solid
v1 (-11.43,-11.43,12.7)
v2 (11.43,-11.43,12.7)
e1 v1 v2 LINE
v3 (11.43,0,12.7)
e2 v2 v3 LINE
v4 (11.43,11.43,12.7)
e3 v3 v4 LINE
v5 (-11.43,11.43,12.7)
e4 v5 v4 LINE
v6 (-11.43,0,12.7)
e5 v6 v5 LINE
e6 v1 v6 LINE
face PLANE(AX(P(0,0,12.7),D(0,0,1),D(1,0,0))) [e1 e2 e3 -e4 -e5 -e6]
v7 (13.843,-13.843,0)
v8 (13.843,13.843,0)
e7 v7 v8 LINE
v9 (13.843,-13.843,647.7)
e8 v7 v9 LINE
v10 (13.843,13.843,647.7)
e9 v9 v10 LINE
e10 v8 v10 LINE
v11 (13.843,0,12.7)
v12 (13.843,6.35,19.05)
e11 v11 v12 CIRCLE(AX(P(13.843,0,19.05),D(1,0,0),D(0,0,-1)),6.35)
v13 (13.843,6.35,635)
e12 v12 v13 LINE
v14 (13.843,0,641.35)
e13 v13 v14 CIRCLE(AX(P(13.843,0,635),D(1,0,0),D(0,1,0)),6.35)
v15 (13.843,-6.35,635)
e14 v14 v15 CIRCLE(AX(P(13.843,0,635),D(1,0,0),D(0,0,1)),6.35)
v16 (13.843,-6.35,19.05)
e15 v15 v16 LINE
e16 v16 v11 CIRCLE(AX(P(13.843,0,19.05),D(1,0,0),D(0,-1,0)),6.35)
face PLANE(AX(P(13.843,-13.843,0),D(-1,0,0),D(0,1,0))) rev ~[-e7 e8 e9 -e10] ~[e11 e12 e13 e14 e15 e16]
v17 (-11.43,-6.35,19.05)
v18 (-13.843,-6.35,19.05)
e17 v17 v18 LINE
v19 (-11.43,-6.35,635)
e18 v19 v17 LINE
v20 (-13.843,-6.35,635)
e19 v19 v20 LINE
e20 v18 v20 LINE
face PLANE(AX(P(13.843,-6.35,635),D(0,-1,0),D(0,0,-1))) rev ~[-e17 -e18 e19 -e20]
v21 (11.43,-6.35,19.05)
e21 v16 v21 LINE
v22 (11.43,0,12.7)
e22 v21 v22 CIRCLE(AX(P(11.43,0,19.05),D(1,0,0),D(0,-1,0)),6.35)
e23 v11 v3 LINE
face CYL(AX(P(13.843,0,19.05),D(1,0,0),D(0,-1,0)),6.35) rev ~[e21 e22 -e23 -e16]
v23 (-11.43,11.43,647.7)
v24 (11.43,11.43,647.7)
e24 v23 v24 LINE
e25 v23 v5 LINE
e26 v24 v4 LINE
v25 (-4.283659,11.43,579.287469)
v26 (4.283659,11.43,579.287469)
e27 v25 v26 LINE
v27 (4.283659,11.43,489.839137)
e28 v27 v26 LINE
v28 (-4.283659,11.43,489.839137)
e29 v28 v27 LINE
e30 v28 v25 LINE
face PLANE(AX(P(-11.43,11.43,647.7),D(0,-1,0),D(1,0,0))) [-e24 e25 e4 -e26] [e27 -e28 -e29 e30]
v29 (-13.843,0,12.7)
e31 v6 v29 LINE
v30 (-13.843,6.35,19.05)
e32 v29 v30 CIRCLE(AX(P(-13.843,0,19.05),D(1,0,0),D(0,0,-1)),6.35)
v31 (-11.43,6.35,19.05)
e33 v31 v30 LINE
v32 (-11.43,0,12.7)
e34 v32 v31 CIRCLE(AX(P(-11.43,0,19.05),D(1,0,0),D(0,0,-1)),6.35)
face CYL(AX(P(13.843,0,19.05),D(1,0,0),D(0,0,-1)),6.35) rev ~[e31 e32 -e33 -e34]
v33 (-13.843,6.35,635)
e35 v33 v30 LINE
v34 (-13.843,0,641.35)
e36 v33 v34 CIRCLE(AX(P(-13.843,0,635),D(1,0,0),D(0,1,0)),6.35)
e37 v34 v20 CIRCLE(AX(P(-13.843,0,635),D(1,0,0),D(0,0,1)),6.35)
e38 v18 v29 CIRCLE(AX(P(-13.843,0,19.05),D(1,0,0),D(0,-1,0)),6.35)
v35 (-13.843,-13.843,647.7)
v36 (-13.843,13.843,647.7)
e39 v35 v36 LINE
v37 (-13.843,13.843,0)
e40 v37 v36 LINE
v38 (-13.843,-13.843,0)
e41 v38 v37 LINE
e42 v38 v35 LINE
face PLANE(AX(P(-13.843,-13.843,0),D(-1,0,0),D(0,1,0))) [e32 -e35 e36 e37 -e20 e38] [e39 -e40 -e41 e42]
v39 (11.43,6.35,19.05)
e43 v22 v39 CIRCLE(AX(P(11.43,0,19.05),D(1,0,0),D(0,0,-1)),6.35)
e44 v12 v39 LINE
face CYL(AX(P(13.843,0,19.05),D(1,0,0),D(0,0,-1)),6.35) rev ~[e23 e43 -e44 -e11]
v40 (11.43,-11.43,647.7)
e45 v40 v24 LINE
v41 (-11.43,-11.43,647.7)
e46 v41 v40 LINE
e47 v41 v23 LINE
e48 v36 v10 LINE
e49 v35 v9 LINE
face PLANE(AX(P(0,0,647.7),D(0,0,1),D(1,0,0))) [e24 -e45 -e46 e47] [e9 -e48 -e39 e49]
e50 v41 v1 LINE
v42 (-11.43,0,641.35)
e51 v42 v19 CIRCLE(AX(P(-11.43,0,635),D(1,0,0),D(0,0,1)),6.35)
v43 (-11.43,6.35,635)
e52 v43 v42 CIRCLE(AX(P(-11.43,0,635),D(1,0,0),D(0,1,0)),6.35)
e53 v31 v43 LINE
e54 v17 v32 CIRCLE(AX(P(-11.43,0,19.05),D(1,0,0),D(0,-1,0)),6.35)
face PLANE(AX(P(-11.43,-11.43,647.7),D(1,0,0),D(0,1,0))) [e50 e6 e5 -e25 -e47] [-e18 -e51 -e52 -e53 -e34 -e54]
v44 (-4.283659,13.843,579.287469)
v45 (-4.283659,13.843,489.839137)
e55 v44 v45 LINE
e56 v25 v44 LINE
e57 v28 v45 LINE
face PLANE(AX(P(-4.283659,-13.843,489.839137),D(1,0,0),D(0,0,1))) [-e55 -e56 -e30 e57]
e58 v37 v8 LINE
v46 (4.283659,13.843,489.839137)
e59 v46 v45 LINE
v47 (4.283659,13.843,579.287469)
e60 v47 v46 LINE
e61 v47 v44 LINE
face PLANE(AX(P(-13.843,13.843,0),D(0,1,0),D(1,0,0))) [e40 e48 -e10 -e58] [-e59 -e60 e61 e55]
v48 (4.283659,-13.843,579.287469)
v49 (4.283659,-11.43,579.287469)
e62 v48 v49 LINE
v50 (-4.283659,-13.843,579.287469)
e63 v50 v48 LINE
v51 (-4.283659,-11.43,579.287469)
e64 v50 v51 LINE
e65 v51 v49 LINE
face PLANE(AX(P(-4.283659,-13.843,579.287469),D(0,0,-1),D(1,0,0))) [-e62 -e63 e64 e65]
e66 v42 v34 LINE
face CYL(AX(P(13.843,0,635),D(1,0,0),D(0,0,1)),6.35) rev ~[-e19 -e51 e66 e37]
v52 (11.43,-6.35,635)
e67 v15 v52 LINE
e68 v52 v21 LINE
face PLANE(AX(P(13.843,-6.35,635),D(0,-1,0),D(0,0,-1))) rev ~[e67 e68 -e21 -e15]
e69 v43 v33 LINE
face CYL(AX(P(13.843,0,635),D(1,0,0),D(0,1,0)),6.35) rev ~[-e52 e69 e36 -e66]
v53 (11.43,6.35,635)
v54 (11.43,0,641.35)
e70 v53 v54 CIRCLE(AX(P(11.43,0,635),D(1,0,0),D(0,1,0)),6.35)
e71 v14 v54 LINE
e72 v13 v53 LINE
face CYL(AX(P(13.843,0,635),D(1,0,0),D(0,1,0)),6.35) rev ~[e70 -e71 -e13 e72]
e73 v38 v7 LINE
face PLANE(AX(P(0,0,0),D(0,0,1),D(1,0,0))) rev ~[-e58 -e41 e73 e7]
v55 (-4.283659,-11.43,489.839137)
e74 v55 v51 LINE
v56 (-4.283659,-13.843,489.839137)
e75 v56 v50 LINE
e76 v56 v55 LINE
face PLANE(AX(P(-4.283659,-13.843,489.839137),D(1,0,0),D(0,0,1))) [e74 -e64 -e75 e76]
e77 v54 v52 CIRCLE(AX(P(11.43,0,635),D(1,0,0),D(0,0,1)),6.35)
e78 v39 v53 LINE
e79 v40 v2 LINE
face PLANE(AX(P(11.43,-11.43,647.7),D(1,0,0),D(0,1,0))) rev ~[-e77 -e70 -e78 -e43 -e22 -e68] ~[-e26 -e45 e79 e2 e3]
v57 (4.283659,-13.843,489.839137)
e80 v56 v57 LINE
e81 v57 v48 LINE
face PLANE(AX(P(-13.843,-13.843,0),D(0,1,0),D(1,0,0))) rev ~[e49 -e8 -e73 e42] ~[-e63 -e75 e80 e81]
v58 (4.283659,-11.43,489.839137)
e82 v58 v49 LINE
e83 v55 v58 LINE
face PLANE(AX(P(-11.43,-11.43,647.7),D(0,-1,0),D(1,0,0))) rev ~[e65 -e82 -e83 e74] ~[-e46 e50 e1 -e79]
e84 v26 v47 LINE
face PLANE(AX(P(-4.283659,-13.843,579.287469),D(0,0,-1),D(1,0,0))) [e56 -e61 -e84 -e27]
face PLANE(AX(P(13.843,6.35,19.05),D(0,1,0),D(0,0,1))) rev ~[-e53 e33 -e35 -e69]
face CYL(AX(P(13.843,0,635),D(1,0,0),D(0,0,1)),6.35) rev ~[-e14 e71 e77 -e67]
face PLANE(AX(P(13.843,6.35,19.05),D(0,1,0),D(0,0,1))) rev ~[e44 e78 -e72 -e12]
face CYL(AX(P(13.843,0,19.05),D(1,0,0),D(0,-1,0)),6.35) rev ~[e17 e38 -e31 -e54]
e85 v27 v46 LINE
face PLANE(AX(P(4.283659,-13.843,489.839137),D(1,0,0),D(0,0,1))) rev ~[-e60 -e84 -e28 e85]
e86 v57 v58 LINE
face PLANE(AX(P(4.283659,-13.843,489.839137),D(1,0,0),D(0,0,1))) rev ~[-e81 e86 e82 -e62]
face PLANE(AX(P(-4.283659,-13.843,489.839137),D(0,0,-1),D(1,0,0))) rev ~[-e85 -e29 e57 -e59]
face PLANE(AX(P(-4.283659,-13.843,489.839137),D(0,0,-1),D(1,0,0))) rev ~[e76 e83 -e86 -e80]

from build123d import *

# Parameters (mm, degrees)
F0_W     = 27.686
F0_H     = 27.686
F1_DEPTH = 647.7
F2_W     = 22.86
F2_H     = 22.86
F3_DEPTH = 635
F5_DEPTH = 56.134
F6_W     = 8.5673183203
F6_H     = 89.4483327866
F7_DEPTH = 68.326


with BuildPart() as f1:
    # F0 (on Top) → F1 (new body)
    with BuildSketch(Plane.XY):
        Rectangle(F0_W, F0_H)
    extrude(amount=F1_DEPTH)

    # F2 (on face) → F3 (cut)
    with BuildSketch(Plane.XY.offset(647.7)):
        Rectangle(F2_W, F2_H)
    extrude(amount=-F3_DEPTH, mode=Mode.SUBTRACT)

    # F4 (on face) → F5 (cut)
    with BuildSketch(Plane.YZ.offset(13.843)):
        with BuildLine():
            ThreePointArc((0, 628.65), (-4.4901280605, 630.5098719395), (-6.35, 635))
            Line((-6.35, 635), (-6.35, 323.85))
            Line((-6.35, 323.85), (0, 323.85))
            Line((0, 323.85), (0, 628.65))
        make_face()
        with BuildLine():
            Line((0, 628.65), (0, 635))
            Line((0, 635), (-6.35, 635))
            ThreePointArc((-6.35, 635), (-4.4901280605, 630.5098719395), (0, 628.65))
        make_face()
        with BuildLine():
            Line((0, 635), (0, 641.35))
            ThreePointArc((0, 641.35), (-4.4901280605, 639.4901280605), (-6.35, 635))
            Line((-6.35, 635), (0, 635))
        make_face()
        with BuildLine():
            ThreePointArc((6.35, 635), (4.4901280605, 639.4901280605), (0, 641.35))
            Line((0, 641.35), (0, 635))
            Line((0, 635), (6.35, 635))
        make_face()
        with BuildLine():
            Line((6.35, 635), (0, 635))
            Line((0, 635), (0, 628.65))
            ThreePointArc((0, 628.65), (4.4901280605, 630.5098719395), (6.35, 635))
        make_face()
        with BuildLine():
            Line((6.35, 323.85), (6.35, 635))
            ThreePointArc((6.35, 635), (4.4901280605, 630.5098719395), (0, 628.65))
            Line((0, 628.65), (0, 323.85))
            Line((0, 323.85), (6.35, 323.85))
        make_face()
        with BuildLine():
            Line((0, 323.85), (-6.35, 323.85))
            Line((-6.35, 323.85), (-6.35, 19.05))
            ThreePointArc((-6.35, 19.05), (-4.4901280605, 23.5401280605), (0, 25.4))
            Line((0, 25.4), (0, 323.85))
        make_face()
        with BuildLine():
            Line((6.35, 19.05), (6.35, 323.85))
            Line((6.35, 323.85), (0, 323.85))
            Line((0, 323.85), (0, 25.4))
            ThreePointArc((0, 25.4), (4.4901280605, 23.5401280605), (6.35, 19.05))
        make_face()
        with BuildLine():
            ThreePointArc((0, 12.7), (4.4901280605, 14.5598719395), (6.35, 19.05))
            Line((6.35, 19.05), (0, 19.05))
            Line((0, 19.05), (0, 12.7))
        make_face()
        with BuildLine():
            Line((0, 19.05), (-6.35, 19.05))
            ThreePointArc((-6.35, 19.05), (-4.4901280605, 14.5598719395), (0, 12.7))
            Line((0, 12.7), (0, 19.05))
        make_face()
        with BuildLine():
            ThreePointArc((0, 25.4), (-4.4901280605, 23.5401280605), (-6.35, 19.05))
            Line((-6.35, 19.05), (0, 19.05))
            Line((0, 19.05), (0, 25.4))
        make_face()
        with BuildLine():
            Line((0, 19.05), (6.35, 19.05))
            ThreePointArc((6.35, 19.05), (4.4901280605, 23.5401280605), (0, 25.4))
            Line((0, 25.4), (0, 19.05))
        make_face()
    extrude(amount=-F5_DEPTH, mode=Mode.SUBTRACT)

    # F6 (on face) → F7 (cut)
    with BuildSketch(Plane.XZ.offset(13.843)):
        with Locations((0, 534.5633029938)):
            Rectangle(F6_W, F6_H)
    extrude(amount=-F7_DEPTH, mode=Mode.SUBTRACT)


solid = f1.part
